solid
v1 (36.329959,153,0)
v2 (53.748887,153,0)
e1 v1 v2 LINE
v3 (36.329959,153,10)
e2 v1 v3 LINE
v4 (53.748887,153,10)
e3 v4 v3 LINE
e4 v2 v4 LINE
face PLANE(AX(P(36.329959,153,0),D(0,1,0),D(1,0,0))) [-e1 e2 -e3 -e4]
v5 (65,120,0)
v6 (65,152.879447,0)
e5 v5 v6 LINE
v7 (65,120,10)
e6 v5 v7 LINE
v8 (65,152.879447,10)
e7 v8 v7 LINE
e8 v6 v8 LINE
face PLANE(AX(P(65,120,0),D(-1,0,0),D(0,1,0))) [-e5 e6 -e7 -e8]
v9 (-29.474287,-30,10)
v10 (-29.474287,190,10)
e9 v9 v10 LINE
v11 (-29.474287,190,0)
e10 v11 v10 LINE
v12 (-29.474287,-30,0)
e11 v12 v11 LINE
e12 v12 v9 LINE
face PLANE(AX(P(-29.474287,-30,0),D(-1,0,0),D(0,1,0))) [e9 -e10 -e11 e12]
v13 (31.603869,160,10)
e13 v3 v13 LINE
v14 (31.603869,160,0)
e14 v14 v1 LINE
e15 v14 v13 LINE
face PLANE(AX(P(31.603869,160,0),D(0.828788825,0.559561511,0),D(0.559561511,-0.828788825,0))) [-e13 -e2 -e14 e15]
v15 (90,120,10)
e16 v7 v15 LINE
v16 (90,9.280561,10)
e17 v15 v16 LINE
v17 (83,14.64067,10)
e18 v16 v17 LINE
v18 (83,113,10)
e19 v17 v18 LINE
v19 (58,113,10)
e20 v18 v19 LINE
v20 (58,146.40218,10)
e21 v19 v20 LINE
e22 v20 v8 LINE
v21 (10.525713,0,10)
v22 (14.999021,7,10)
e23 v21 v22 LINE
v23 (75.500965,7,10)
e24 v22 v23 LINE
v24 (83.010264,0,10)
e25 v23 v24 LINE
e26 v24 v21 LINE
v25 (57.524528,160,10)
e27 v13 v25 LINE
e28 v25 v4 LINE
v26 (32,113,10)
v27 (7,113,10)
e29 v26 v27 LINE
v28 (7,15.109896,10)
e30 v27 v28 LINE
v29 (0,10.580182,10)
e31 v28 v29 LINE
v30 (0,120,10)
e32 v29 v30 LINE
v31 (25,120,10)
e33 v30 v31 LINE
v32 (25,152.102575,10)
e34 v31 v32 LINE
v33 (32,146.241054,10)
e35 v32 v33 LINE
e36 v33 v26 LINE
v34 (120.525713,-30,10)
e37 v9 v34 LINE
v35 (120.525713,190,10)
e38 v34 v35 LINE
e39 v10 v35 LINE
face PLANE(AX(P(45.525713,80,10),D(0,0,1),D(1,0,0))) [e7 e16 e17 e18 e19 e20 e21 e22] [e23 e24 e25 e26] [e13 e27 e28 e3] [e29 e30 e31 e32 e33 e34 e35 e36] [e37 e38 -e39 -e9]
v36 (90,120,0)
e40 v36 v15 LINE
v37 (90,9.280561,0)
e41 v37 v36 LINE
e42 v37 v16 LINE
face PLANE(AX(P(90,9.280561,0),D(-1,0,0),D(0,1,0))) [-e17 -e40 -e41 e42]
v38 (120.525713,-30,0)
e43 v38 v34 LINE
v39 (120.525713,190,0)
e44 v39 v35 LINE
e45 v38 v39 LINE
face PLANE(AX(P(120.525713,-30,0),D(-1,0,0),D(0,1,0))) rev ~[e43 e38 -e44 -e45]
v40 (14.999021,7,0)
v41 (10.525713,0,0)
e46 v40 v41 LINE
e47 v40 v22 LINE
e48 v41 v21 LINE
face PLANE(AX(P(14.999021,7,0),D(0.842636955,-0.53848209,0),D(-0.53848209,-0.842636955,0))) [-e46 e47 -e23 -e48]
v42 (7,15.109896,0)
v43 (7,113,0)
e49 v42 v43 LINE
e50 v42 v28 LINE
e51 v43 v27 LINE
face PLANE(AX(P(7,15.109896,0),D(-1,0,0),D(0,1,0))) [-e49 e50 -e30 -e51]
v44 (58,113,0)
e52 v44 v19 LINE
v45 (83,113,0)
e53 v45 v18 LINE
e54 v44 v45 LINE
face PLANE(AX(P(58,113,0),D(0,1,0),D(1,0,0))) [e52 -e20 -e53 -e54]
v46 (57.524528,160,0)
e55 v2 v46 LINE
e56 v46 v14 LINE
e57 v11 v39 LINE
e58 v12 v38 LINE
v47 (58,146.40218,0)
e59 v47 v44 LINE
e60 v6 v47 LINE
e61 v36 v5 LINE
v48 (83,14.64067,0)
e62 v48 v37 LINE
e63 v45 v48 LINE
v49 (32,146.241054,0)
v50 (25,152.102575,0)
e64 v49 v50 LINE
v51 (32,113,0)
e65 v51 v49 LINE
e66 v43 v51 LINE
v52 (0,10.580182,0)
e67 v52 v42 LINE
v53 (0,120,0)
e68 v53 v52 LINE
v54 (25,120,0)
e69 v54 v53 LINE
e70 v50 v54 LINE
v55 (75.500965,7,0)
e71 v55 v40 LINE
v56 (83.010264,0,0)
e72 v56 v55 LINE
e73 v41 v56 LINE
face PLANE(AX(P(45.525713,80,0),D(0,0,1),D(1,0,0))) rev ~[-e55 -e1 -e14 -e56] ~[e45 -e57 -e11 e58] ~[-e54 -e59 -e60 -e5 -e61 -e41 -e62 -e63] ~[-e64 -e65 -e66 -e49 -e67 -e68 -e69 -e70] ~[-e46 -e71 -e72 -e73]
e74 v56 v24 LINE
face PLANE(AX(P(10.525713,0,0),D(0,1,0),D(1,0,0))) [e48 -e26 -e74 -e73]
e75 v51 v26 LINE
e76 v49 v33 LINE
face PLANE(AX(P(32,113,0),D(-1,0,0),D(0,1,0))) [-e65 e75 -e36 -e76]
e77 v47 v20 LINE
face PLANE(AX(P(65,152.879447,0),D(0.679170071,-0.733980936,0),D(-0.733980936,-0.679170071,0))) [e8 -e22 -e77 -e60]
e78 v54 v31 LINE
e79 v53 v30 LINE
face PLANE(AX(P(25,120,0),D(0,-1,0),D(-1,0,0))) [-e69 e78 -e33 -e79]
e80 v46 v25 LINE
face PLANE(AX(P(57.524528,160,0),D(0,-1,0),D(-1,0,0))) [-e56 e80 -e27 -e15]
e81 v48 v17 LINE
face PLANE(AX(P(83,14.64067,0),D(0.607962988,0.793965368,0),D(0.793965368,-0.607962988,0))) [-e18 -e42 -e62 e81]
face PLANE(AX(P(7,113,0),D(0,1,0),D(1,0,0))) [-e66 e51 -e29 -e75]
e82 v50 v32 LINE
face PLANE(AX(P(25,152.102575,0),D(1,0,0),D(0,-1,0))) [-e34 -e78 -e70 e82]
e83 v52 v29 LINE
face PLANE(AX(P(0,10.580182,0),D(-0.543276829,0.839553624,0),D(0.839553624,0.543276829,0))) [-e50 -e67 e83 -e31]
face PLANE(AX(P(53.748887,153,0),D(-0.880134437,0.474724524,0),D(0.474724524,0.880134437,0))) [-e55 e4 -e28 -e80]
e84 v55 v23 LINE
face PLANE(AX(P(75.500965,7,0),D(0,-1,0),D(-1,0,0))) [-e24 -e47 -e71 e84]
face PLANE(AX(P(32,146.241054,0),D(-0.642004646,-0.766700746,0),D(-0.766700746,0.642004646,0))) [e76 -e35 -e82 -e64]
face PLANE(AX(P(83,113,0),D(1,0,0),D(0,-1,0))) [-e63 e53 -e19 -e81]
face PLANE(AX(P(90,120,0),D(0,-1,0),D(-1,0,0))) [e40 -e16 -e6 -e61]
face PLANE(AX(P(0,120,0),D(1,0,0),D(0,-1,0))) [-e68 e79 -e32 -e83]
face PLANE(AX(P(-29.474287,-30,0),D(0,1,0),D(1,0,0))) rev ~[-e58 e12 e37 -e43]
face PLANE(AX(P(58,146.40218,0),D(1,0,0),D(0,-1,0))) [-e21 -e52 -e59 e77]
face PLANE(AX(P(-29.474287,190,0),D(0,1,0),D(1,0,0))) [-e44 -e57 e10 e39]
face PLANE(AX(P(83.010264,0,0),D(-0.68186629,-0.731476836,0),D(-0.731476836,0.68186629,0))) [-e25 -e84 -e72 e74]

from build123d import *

# Parameters (mm, degrees)
F1_W     = 150
F1_H     = 220
F2_DEPTH = 10
F3_DEPTH = 25


with BuildPart() as f2:
    # F1 (on Top) → F2 (new body)
    with BuildSketch(Plane.XY):
        with Locations((45.525713, 80)):
            Rectangle(F1_W, F1_H)
    extrude(amount=F2_DEPTH)

    # F0 (on Top) → F3 (cut)
    with BuildSketch(Plane.XY):
        Polygon((14.999021, 7), (10.525713, 0), (83.010264, 0), (75.500965, 7), align=None)
        Polygon((25, 120), (0, 120), (0, 10.580182), (7, 15.109896), (7, 113), (32, 113), (32, 146.241054), (25, 152.102575), align=None)
        Polygon((83, 14.64067), (90, 9.280561), (90, 120), (65, 120), (65, 152.879447), (58, 146.40218), (58, 113), (83, 113), align=None)
        Polygon((57.524528, 160), (31.603869, 160), (36.329959, 153), (53.748887, 153), align=None)
    extrude(amount=F3_DEPTH, mode=Mode.SUBTRACT)


solid = f2.part
